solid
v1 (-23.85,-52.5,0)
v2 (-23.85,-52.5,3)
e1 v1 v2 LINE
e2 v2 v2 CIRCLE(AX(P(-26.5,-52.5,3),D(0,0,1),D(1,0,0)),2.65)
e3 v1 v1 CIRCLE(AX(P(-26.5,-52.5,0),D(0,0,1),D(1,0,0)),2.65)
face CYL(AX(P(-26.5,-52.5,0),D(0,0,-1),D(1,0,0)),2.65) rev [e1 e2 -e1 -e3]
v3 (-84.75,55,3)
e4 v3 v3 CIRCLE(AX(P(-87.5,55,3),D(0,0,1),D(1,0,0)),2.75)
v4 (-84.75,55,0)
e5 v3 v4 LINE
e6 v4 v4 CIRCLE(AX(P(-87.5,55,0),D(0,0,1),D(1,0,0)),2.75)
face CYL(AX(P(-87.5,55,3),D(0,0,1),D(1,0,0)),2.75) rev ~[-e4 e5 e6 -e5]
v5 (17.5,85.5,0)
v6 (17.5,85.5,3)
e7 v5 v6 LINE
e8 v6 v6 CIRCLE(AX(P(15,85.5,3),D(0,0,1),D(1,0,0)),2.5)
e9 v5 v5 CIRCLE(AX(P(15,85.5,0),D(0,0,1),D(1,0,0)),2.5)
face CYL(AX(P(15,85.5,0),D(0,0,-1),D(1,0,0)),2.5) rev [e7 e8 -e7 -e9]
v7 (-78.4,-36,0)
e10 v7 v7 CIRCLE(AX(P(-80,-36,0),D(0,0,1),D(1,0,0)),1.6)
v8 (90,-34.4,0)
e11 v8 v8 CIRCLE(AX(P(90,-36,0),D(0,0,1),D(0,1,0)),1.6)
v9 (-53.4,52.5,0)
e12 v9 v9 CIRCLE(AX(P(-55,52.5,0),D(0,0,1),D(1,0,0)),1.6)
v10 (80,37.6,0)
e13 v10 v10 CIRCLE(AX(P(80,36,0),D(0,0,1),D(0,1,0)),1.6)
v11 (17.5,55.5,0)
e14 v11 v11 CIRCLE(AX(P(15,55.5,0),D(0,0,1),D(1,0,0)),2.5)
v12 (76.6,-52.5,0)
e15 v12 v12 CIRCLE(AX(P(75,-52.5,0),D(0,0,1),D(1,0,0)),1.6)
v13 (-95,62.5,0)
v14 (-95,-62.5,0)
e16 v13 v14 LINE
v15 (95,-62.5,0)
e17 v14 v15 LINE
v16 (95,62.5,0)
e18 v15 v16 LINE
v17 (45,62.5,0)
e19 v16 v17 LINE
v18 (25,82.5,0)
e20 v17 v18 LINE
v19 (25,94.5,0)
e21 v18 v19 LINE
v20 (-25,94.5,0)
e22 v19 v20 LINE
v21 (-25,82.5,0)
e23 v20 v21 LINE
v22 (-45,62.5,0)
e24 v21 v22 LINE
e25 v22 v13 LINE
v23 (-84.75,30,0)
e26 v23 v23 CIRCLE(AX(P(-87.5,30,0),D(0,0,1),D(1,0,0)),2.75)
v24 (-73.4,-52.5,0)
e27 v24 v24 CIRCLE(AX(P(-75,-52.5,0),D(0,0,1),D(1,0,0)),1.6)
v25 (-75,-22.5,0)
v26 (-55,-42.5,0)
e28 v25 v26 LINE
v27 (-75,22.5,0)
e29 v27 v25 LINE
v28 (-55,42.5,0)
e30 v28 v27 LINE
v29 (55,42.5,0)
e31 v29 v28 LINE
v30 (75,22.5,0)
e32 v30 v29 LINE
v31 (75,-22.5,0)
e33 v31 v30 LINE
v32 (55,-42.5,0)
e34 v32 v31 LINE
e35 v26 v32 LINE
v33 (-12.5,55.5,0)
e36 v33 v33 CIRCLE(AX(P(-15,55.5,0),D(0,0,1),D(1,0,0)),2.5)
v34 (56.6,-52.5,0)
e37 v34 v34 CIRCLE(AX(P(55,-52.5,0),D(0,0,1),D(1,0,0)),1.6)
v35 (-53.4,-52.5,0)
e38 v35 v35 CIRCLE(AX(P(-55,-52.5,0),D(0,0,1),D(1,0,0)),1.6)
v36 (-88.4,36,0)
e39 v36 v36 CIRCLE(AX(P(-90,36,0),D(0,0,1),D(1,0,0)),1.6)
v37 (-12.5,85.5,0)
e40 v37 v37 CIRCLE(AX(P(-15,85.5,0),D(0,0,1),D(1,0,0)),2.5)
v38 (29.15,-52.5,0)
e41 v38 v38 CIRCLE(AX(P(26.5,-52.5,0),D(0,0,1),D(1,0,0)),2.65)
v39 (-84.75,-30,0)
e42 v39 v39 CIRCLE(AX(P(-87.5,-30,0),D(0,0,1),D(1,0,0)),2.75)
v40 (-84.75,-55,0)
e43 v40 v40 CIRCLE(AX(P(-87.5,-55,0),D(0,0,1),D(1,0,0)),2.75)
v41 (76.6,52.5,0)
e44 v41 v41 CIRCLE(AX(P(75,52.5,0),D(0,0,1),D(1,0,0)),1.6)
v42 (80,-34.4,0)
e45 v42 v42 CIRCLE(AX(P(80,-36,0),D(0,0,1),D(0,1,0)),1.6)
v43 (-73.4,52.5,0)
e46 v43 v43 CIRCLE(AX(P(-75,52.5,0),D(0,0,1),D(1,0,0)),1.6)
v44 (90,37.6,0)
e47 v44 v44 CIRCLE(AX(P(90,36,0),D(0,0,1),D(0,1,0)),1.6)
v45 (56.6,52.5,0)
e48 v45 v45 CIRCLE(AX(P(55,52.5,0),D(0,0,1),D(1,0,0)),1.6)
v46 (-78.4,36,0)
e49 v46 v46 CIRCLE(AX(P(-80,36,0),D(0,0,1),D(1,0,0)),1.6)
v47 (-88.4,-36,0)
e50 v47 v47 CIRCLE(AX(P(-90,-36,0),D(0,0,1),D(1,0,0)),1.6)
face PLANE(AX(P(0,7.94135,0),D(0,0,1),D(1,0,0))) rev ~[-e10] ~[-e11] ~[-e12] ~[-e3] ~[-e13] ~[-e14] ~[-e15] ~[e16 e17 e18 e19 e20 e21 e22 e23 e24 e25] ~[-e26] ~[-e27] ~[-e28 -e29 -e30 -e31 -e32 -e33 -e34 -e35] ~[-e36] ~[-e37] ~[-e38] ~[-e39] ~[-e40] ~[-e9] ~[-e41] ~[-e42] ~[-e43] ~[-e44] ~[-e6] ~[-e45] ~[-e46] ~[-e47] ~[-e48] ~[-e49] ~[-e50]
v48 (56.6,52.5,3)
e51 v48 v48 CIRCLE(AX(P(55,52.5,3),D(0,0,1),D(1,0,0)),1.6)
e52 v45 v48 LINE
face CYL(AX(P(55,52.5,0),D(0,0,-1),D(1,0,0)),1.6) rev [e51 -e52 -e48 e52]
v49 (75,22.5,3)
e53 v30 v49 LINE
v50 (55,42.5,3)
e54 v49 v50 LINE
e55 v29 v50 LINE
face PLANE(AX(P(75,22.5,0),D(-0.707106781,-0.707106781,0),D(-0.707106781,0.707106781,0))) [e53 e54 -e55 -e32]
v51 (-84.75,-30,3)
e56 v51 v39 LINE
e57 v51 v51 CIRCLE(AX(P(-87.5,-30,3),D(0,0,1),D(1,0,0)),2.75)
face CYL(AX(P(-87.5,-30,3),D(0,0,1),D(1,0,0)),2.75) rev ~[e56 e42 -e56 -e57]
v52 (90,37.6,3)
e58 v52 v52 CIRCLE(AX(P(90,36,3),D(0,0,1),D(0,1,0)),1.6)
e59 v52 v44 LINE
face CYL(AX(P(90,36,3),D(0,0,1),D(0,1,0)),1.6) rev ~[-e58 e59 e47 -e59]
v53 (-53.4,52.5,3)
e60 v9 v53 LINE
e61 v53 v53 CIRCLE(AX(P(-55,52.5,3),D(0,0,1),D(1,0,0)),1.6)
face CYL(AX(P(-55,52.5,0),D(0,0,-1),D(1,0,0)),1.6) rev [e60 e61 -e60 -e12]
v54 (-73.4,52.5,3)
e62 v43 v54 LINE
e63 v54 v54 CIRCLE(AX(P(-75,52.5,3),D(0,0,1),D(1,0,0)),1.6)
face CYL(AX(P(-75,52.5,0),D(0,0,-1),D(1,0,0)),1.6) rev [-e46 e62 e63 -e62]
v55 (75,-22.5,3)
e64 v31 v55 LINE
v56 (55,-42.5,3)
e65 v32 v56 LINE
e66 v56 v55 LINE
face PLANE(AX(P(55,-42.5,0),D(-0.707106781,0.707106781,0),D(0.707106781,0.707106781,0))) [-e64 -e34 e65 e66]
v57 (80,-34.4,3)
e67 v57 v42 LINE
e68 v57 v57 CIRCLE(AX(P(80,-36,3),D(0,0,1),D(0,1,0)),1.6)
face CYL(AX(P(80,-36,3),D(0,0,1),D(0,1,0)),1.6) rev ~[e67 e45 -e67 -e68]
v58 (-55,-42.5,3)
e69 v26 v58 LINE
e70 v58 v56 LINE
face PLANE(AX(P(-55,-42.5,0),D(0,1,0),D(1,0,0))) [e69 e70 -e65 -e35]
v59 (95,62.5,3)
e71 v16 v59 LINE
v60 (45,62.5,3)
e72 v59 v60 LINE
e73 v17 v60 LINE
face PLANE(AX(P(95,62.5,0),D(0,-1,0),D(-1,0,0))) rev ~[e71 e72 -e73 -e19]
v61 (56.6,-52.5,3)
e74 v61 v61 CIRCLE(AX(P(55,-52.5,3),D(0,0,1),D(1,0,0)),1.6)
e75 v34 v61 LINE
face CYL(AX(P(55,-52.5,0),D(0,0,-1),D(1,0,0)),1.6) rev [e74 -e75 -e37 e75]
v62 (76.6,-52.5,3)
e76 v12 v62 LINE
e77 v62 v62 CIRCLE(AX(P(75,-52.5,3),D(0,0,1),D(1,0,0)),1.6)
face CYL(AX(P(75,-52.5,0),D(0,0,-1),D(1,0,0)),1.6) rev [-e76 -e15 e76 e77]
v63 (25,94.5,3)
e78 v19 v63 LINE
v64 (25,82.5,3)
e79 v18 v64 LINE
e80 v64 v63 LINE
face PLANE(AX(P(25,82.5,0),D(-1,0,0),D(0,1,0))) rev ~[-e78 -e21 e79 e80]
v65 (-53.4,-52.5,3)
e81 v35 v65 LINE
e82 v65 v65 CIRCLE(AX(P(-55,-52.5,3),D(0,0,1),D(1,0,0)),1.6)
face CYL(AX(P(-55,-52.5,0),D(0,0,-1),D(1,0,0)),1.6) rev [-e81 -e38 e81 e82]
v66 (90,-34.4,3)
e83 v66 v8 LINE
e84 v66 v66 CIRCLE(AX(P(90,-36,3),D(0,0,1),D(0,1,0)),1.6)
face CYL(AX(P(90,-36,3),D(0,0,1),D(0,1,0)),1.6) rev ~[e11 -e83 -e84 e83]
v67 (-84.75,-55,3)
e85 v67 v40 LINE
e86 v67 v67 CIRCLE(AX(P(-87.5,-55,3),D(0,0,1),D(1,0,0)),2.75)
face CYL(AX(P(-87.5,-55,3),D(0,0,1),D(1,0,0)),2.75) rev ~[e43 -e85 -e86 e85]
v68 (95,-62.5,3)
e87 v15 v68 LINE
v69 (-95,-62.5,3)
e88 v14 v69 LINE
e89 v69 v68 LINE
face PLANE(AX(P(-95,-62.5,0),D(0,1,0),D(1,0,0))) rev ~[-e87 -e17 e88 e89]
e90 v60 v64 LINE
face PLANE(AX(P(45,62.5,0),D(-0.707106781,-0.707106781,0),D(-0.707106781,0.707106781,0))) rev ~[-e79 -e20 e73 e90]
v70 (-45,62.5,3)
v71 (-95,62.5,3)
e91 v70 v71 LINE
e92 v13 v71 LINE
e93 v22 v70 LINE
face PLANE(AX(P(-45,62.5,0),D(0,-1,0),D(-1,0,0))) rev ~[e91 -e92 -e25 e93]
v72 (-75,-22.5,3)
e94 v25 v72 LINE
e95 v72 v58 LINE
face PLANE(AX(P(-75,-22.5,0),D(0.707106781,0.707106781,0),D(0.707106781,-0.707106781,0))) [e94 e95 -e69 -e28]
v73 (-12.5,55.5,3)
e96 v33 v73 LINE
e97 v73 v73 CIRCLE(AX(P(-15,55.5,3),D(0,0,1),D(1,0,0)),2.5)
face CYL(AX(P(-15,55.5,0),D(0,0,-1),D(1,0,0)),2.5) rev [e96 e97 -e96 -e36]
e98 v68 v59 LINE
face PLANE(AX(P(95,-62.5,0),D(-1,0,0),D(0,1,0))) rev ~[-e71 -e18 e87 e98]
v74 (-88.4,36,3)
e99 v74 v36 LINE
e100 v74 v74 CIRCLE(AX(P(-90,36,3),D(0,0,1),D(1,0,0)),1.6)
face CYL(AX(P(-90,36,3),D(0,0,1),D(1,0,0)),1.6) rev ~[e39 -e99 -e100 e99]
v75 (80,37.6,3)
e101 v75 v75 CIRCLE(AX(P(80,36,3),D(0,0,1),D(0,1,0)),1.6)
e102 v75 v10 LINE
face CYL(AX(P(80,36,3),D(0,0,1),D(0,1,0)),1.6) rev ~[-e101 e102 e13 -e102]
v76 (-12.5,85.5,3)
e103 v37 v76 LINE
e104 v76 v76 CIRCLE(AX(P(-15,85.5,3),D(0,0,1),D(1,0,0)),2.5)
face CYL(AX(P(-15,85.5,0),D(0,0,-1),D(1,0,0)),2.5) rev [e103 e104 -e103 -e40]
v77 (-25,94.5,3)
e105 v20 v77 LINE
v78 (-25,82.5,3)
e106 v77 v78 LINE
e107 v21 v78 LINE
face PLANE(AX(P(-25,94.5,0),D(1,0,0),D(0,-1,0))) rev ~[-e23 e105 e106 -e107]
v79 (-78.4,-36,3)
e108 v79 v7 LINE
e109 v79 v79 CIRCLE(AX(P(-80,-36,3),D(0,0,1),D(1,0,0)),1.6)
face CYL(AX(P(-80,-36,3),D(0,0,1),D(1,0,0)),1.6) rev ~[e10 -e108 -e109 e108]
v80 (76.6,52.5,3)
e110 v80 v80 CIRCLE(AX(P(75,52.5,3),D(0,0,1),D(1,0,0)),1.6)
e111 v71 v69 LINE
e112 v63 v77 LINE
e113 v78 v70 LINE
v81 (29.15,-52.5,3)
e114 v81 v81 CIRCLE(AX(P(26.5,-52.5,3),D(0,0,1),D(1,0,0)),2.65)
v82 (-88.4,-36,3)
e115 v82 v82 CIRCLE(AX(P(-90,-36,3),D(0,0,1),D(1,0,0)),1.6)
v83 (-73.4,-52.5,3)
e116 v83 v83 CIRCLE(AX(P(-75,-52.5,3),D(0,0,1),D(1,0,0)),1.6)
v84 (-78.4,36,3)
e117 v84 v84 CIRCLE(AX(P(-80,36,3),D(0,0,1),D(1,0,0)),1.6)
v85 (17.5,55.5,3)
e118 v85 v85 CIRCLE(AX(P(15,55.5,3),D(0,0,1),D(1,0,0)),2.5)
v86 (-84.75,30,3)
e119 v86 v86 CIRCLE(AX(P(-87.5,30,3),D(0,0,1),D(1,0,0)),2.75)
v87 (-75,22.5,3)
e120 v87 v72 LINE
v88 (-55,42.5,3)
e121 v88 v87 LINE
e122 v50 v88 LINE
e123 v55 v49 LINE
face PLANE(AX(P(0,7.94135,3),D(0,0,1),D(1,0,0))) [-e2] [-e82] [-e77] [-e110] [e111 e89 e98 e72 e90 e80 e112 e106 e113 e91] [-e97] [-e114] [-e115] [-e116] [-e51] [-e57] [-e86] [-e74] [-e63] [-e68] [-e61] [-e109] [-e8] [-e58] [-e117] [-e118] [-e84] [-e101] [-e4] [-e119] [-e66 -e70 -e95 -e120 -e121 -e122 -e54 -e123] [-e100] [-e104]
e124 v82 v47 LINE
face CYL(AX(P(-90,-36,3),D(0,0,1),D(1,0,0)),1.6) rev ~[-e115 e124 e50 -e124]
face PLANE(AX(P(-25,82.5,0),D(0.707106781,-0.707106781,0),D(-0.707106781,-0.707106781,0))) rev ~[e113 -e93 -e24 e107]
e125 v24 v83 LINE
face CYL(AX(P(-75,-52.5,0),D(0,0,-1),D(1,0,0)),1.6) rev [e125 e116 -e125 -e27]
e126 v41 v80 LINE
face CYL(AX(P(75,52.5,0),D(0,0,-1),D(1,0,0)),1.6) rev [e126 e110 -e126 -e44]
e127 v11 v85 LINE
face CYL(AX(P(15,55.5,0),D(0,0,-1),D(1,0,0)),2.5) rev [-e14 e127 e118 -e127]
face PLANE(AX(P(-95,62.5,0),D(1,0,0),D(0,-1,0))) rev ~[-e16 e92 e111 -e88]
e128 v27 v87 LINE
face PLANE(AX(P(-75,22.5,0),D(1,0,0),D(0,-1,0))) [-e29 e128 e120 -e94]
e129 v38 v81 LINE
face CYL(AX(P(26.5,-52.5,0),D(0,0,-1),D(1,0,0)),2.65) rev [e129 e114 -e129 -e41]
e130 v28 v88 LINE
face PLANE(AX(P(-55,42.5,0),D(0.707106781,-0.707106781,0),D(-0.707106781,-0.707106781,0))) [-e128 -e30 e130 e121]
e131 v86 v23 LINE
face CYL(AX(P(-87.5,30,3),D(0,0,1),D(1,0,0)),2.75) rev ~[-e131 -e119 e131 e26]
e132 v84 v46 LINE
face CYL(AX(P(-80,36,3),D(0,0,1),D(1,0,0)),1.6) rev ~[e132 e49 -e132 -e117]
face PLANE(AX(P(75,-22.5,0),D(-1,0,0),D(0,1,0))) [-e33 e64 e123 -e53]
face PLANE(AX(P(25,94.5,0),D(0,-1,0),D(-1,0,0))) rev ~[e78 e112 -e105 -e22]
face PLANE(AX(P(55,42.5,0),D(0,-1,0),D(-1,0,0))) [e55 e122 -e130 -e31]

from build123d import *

# Parameters (mm, degrees)
SKETCH1_R          = 2.5
SKETCH1_R_2        = 1.6
SKETCH1_R_3        = 2.65
EXTRUDE1_DEPTH     = 3
CUT_EXTRUDE1_DEPTH = 3
SKETCH4_R          = 1.6
CUT_EXTRUDE2_DEPTH = 26
SKETCH5_R          = 2.75
CUT_EXTRUDE3_DEPTH = 10


with BuildPart() as part:
    # Sketch1 → Extrude1 (new body)
    with BuildSketch(Plane.XY):
        Polygon((95, -62.5), (95, 62.5), (45, 62.5), (25, 82.5), (25, 94.5), (-25, 94.5), (-25, 82.5), (-45, 62.5), (-95, 62.5), (-95, -62.5), align=None)
        with Locations((15, 85.5)):
            Circle(SKETCH1_R, mode=Mode.SUBTRACT)
        with Locations((-15, 85.5)):
            Circle(SKETCH1_R, mode=Mode.SUBTRACT)
        with Locations((-15, 55.5)):
            Circle(SKETCH1_R, mode=Mode.SUBTRACT)
        with Locations((15, 55.5)):
            Circle(SKETCH1_R, mode=Mode.SUBTRACT)
        with Locations((-75, 52.5)):
            Circle(SKETCH1_R_2, mode=Mode.SUBTRACT)
        with Locations((-55, 52.5)):
            Circle(SKETCH1_R_2, mode=Mode.SUBTRACT)
        with Locations((75, 52.5)):
            Circle(SKETCH1_R_2, mode=Mode.SUBTRACT)
        with Locations((55, 52.5)):
            Circle(SKETCH1_R_2, mode=Mode.SUBTRACT)
        with Locations((75, -52.5)):
            Circle(SKETCH1_R_2, mode=Mode.SUBTRACT)
        with Locations((55, -52.5)):
            Circle(SKETCH1_R_2, mode=Mode.SUBTRACT)
        with Locations((-55, -52.5)):
            Circle(SKETCH1_R_2, mode=Mode.SUBTRACT)
        with Locations((-75, -52.5)):
            Circle(SKETCH1_R_2, mode=Mode.SUBTRACT)
        with Locations((-26.5, -52.5)):
            Circle(SKETCH1_R_3, mode=Mode.SUBTRACT)
        with Locations((26.5, -52.5)):
            Circle(SKETCH1_R_3, mode=Mode.SUBTRACT)
        Polygon((75, -22.5), (75, 22.5), (55, 42.5), (-55, 42.5), (-75, 22.5), (-75, -22.5), (-55, -42.5), (55, -42.5), align=None, mode=Mode.SUBTRACT)
    extrude(amount=EXTRUDE1_DEPTH)

    # Sketch2 → Cut-Extrude1 (cut)
    with BuildSketch(Plane.XY.offset(3)):
        with BuildLine():
            ThreePointArc((90, -37.6), (91.6, -36), (90, -34.4))
            ThreePointArc((90, -34.4), (88.4, -36), (90, -37.6))
        make_face()
        with BuildLine():
            ThreePointArc((80, -37.6), (81.6, -36), (80, -34.4))
            ThreePointArc((80, -34.4), (78.4, -36), (80, -37.6))
        make_face()
        with BuildLine():
            ThreePointArc((90, 34.4), (91.6, 36), (90, 37.6))
            ThreePointArc((90, 37.6), (88.4, 36), (90, 34.4))
        make_face()
        with BuildLine():
            ThreePointArc((80, 34.4), (81.6, 36), (80, 37.6))
            ThreePointArc((80, 37.6), (78.4, 36), (80, 34.4))
        make_face()
    extrude(amount=-CUT_EXTRUDE1_DEPTH, mode=Mode.SUBTRACT)

    # Sketch4 → Cut-Extrude2 (cut)
    with BuildSketch(Plane.XY.offset(3)):
        with Locations((-80, -36)):
            Circle(SKETCH4_R)
        with Locations((-90, -36)):
            Circle(SKETCH4_R)
        with Locations((-80, 36)):
            Circle(SKETCH4_R)
        with Locations((-90, 36)):
            Circle(SKETCH4_R)
    extrude(amount=-CUT_EXTRUDE2_DEPTH, mode=Mode.SUBTRACT)

    # Sketch5 → Cut-Extrude3 (cut)
    with BuildSketch(Plane.XY.offset(3)):
        with Locations((-87.5, -55)):
            Circle(SKETCH5_R)
        with Locations((-87.5, -30)):
            Circle(SKETCH5_R)
        with Locations((-87.5, 30)):
            Circle(SKETCH5_R)
        with Locations((-87.5, 55)):
            Circle(SKETCH5_R)
    extrude(amount=-CUT_EXTRUDE3_DEPTH, mode=Mode.SUBTRACT)


solid = part.part
